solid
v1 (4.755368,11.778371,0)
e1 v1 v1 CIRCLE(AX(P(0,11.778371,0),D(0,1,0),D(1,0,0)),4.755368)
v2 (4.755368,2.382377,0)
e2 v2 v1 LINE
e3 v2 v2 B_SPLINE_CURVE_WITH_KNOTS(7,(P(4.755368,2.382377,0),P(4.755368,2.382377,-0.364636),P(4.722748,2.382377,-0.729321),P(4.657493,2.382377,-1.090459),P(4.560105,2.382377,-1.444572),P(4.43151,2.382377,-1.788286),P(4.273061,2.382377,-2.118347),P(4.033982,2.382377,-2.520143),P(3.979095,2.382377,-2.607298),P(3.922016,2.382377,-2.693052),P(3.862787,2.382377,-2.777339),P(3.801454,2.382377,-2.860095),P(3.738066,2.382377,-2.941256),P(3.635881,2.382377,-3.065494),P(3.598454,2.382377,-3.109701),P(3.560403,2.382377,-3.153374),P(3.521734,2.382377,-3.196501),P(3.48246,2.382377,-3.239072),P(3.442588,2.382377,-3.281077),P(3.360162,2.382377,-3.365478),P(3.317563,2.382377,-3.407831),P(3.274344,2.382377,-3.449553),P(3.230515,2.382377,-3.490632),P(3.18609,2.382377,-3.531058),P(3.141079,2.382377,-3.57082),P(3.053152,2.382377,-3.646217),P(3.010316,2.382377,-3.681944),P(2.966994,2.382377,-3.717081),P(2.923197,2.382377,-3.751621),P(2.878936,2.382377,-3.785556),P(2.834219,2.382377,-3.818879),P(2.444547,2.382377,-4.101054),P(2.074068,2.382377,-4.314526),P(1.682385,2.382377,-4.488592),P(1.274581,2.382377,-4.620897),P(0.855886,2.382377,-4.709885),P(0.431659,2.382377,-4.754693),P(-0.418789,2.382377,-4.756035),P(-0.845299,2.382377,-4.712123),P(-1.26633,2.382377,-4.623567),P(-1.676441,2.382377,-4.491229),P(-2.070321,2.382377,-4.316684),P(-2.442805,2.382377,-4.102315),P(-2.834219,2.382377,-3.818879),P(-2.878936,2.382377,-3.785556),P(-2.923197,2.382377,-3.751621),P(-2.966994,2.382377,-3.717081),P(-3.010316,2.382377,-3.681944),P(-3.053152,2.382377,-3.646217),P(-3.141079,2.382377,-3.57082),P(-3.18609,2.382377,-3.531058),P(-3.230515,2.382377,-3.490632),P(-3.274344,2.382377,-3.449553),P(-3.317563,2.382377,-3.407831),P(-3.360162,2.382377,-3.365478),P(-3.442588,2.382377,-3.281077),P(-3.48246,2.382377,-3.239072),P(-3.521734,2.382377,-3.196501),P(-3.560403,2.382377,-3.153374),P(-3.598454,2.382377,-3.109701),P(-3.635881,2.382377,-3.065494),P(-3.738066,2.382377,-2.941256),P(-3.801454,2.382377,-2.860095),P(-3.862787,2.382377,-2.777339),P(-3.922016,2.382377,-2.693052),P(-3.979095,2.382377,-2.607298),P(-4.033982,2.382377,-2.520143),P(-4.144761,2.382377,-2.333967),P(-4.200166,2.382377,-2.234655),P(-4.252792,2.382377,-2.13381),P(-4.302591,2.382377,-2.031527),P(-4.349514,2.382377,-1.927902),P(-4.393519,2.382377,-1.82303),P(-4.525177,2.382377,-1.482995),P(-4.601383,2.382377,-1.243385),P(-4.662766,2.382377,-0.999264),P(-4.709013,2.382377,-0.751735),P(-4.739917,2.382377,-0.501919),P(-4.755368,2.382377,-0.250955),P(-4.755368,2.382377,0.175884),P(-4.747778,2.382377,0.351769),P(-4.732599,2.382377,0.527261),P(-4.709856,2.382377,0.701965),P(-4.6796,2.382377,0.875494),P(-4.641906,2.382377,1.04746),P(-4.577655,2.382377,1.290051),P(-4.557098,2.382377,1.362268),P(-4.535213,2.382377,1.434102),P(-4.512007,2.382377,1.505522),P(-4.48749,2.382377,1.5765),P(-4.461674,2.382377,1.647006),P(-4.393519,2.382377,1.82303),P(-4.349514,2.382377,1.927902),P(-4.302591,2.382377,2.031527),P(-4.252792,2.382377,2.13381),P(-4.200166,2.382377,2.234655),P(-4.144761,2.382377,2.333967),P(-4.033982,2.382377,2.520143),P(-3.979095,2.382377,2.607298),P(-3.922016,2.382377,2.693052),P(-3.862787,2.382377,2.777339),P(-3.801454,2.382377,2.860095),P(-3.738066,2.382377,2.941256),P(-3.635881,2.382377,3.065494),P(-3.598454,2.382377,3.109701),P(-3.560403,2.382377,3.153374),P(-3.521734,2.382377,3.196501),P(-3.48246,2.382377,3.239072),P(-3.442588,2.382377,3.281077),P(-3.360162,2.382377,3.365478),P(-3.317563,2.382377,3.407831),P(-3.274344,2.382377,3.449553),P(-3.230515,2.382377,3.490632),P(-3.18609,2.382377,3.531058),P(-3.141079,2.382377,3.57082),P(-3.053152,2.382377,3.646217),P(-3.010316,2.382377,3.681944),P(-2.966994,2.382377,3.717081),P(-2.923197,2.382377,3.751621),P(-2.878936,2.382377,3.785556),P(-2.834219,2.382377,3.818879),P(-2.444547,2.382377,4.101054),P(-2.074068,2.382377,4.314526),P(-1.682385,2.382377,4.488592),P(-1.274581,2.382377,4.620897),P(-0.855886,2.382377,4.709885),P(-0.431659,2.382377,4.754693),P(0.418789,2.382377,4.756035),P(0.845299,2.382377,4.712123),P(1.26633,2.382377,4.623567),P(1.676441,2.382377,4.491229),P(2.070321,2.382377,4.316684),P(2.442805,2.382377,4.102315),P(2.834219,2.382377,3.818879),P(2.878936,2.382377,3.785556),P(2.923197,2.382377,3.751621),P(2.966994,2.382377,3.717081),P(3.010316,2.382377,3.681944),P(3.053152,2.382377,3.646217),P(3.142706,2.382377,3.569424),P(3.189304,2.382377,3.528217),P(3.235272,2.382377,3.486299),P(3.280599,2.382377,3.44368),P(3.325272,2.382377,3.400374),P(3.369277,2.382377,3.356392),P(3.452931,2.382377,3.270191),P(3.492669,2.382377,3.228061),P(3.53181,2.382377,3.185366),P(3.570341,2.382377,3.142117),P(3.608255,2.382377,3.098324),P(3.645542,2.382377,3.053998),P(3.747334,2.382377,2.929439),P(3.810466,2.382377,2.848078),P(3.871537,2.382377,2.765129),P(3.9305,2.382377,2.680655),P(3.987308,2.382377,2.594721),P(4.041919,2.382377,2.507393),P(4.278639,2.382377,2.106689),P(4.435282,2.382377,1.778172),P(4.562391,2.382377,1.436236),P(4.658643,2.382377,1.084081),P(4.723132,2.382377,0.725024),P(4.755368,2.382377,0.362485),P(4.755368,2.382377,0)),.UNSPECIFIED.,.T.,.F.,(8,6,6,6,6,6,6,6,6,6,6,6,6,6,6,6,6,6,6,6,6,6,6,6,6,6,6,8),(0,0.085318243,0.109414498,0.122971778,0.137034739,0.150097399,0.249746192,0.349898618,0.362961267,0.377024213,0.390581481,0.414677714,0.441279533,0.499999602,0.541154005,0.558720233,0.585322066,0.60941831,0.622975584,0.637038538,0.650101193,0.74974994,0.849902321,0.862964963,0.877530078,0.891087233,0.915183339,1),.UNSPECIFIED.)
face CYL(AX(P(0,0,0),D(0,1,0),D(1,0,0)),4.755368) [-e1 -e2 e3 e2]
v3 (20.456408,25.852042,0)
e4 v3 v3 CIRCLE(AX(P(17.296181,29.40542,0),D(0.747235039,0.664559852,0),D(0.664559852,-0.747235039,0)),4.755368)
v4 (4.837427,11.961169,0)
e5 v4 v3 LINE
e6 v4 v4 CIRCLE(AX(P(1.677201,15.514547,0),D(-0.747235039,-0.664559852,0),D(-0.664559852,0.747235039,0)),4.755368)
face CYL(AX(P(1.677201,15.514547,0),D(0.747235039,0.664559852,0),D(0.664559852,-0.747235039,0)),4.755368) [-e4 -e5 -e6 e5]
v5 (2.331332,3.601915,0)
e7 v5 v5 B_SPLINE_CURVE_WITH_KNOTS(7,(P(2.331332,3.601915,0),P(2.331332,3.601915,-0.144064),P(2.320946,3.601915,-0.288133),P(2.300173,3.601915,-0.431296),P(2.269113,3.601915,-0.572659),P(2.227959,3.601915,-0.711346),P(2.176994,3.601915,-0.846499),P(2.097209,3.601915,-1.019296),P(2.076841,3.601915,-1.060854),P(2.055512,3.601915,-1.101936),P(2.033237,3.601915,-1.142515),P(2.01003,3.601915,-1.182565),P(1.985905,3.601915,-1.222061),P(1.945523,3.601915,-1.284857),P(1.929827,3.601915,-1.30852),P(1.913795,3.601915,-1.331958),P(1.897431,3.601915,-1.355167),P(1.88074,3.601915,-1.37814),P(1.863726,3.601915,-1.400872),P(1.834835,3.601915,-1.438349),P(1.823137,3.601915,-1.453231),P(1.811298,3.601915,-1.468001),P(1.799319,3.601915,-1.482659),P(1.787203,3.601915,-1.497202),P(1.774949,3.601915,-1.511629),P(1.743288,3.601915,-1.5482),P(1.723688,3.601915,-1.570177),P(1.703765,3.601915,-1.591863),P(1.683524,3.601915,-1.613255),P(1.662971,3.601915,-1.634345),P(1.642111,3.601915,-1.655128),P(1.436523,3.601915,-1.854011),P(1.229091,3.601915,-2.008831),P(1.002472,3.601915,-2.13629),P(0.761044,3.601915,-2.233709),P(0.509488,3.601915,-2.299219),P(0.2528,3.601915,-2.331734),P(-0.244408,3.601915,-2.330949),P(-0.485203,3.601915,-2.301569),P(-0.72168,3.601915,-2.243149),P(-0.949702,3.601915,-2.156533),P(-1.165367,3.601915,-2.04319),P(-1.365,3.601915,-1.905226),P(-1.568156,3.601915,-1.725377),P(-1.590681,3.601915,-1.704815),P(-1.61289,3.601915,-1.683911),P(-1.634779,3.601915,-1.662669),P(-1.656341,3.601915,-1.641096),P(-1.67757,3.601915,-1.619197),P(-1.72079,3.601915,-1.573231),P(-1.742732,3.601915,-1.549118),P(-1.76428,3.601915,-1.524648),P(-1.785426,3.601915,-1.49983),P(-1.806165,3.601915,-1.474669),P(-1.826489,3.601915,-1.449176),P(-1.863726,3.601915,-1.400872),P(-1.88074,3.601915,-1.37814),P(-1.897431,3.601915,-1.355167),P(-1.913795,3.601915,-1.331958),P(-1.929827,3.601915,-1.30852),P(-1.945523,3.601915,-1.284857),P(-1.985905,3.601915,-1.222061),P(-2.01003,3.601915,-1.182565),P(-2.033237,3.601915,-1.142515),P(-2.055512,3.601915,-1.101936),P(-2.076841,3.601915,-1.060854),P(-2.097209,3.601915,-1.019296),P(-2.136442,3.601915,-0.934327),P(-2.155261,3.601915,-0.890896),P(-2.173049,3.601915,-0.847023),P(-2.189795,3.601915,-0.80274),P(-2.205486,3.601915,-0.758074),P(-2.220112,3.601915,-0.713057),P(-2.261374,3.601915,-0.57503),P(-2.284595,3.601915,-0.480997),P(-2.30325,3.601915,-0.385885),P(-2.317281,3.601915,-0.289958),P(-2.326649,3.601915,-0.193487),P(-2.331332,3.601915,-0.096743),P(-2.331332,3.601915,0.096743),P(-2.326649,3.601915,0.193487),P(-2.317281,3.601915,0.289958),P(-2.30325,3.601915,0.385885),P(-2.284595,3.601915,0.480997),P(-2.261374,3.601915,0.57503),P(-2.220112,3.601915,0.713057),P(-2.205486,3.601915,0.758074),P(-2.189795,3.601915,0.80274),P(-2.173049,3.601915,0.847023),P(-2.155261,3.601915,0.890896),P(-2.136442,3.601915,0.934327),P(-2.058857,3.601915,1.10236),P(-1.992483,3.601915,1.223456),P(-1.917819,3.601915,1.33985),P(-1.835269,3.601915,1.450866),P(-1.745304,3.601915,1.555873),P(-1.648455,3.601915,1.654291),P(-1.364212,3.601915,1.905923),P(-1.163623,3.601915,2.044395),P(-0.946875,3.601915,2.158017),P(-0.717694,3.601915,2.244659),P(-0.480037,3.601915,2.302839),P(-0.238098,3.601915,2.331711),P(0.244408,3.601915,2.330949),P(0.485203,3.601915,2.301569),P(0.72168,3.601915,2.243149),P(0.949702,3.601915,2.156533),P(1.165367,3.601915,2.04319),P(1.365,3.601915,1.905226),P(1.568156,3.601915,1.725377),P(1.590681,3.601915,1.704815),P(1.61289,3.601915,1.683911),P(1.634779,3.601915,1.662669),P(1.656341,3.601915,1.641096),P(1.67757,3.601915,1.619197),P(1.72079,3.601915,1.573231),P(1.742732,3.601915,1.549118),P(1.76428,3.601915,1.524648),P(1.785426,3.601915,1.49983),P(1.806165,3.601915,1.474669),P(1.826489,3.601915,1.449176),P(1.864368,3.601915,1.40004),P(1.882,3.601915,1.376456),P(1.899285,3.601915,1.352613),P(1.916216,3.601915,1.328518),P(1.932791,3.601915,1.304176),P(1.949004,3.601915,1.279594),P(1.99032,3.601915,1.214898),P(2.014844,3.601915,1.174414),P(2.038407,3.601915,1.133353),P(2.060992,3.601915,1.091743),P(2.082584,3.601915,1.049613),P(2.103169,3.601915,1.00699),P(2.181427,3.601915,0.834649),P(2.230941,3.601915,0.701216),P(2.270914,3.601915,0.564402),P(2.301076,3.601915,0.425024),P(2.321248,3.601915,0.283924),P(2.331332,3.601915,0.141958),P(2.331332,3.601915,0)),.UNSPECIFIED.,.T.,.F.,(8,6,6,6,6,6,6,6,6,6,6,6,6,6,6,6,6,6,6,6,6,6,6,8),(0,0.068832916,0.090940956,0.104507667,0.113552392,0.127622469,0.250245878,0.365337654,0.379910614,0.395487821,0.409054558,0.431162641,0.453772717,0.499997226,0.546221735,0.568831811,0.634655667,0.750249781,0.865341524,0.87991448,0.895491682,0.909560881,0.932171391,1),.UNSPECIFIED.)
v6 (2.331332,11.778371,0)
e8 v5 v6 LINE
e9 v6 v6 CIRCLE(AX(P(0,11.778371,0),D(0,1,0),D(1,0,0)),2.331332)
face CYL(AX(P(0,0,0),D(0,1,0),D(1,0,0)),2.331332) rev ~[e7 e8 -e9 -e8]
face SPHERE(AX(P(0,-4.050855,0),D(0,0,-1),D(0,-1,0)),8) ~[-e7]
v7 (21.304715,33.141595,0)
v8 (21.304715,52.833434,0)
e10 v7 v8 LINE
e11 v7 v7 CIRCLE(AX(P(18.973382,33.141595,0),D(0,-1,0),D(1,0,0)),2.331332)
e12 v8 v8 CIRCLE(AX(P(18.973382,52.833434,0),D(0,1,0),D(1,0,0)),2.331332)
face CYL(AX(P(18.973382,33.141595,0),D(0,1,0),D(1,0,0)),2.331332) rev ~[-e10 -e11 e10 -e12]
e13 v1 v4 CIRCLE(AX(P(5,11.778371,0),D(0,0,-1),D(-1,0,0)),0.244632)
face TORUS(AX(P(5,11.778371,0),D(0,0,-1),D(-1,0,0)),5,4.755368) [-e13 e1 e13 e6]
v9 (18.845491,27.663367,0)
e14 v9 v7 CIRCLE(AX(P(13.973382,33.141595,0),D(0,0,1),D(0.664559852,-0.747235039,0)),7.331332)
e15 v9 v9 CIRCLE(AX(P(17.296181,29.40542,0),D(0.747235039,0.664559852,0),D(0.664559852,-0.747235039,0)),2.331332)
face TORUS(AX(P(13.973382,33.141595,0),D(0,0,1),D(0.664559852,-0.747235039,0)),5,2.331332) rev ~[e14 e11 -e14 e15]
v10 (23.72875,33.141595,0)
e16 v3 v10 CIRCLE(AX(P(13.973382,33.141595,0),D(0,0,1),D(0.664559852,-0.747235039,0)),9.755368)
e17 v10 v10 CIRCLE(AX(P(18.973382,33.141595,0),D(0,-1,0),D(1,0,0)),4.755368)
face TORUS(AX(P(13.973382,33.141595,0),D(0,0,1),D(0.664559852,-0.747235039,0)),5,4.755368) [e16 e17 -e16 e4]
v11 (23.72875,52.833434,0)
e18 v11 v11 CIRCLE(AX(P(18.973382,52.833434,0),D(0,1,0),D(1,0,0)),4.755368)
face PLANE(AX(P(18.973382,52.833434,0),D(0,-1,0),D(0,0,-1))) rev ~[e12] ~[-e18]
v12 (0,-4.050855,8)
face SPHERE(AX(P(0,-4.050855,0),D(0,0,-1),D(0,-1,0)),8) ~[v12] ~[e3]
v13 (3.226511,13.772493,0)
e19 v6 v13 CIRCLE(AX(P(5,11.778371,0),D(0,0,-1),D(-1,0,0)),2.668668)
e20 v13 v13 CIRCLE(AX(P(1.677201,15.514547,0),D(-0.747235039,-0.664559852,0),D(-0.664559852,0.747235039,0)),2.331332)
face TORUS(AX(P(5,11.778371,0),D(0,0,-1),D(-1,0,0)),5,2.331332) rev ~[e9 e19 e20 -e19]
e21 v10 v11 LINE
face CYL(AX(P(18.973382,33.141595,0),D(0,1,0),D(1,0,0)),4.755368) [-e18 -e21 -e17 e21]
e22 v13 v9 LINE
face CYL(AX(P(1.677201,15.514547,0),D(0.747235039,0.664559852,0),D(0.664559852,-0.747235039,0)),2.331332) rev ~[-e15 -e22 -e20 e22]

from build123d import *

# Parameters (mm, degrees)
F1_R   = 4.7553681228
F1_R_2 = 2.331332345


with BuildPart() as f2:
    # F2: sweep along a path in F0
    with BuildLine(Plane.XY) as f2_path:
        Line((0, 0), (0, 11.7783713439))
        ThreePointArc((0, 11.7783713439), (0.4385311413, 13.8260534118), (1.6772007405, 15.514546538))
        Line((1.6772007405, 15.514546538), (17.2961814494, 29.405420182))
        ThreePointArc((17.2961814494, 29.405420182), (18.5348510486, 31.0939133082), (18.9733821899, 33.1415953761))
        Line((18.9733821899, 33.1415953761), (18.9733821899, 52.8334341943))
    # F1 (on Front) → F2 (sweep)
    with BuildSketch(Plane.XZ):
        Circle(F1_R)
        Circle(F1_R_2, mode=Mode.SUBTRACT)
    sweep(path=f2_path.line)

    # F3 (on Right) → F4 (revolve)
    with BuildSketch(Plane.YZ):
        with BuildLine():
            Line((-4.0508554065, -8), (-4.0508554065, 0))
            Line((-4.0508554065, 0), (-4.0508554065, 8))
            ThreePointArc((-4.0508554065, 8), (-12.0508554065, 0), (-4.0508554065, -8))
        make_face()
    revolve(axis=Axis((0, -4.0508554065, 4), (0, 0, 1)))


solid = f2.part
